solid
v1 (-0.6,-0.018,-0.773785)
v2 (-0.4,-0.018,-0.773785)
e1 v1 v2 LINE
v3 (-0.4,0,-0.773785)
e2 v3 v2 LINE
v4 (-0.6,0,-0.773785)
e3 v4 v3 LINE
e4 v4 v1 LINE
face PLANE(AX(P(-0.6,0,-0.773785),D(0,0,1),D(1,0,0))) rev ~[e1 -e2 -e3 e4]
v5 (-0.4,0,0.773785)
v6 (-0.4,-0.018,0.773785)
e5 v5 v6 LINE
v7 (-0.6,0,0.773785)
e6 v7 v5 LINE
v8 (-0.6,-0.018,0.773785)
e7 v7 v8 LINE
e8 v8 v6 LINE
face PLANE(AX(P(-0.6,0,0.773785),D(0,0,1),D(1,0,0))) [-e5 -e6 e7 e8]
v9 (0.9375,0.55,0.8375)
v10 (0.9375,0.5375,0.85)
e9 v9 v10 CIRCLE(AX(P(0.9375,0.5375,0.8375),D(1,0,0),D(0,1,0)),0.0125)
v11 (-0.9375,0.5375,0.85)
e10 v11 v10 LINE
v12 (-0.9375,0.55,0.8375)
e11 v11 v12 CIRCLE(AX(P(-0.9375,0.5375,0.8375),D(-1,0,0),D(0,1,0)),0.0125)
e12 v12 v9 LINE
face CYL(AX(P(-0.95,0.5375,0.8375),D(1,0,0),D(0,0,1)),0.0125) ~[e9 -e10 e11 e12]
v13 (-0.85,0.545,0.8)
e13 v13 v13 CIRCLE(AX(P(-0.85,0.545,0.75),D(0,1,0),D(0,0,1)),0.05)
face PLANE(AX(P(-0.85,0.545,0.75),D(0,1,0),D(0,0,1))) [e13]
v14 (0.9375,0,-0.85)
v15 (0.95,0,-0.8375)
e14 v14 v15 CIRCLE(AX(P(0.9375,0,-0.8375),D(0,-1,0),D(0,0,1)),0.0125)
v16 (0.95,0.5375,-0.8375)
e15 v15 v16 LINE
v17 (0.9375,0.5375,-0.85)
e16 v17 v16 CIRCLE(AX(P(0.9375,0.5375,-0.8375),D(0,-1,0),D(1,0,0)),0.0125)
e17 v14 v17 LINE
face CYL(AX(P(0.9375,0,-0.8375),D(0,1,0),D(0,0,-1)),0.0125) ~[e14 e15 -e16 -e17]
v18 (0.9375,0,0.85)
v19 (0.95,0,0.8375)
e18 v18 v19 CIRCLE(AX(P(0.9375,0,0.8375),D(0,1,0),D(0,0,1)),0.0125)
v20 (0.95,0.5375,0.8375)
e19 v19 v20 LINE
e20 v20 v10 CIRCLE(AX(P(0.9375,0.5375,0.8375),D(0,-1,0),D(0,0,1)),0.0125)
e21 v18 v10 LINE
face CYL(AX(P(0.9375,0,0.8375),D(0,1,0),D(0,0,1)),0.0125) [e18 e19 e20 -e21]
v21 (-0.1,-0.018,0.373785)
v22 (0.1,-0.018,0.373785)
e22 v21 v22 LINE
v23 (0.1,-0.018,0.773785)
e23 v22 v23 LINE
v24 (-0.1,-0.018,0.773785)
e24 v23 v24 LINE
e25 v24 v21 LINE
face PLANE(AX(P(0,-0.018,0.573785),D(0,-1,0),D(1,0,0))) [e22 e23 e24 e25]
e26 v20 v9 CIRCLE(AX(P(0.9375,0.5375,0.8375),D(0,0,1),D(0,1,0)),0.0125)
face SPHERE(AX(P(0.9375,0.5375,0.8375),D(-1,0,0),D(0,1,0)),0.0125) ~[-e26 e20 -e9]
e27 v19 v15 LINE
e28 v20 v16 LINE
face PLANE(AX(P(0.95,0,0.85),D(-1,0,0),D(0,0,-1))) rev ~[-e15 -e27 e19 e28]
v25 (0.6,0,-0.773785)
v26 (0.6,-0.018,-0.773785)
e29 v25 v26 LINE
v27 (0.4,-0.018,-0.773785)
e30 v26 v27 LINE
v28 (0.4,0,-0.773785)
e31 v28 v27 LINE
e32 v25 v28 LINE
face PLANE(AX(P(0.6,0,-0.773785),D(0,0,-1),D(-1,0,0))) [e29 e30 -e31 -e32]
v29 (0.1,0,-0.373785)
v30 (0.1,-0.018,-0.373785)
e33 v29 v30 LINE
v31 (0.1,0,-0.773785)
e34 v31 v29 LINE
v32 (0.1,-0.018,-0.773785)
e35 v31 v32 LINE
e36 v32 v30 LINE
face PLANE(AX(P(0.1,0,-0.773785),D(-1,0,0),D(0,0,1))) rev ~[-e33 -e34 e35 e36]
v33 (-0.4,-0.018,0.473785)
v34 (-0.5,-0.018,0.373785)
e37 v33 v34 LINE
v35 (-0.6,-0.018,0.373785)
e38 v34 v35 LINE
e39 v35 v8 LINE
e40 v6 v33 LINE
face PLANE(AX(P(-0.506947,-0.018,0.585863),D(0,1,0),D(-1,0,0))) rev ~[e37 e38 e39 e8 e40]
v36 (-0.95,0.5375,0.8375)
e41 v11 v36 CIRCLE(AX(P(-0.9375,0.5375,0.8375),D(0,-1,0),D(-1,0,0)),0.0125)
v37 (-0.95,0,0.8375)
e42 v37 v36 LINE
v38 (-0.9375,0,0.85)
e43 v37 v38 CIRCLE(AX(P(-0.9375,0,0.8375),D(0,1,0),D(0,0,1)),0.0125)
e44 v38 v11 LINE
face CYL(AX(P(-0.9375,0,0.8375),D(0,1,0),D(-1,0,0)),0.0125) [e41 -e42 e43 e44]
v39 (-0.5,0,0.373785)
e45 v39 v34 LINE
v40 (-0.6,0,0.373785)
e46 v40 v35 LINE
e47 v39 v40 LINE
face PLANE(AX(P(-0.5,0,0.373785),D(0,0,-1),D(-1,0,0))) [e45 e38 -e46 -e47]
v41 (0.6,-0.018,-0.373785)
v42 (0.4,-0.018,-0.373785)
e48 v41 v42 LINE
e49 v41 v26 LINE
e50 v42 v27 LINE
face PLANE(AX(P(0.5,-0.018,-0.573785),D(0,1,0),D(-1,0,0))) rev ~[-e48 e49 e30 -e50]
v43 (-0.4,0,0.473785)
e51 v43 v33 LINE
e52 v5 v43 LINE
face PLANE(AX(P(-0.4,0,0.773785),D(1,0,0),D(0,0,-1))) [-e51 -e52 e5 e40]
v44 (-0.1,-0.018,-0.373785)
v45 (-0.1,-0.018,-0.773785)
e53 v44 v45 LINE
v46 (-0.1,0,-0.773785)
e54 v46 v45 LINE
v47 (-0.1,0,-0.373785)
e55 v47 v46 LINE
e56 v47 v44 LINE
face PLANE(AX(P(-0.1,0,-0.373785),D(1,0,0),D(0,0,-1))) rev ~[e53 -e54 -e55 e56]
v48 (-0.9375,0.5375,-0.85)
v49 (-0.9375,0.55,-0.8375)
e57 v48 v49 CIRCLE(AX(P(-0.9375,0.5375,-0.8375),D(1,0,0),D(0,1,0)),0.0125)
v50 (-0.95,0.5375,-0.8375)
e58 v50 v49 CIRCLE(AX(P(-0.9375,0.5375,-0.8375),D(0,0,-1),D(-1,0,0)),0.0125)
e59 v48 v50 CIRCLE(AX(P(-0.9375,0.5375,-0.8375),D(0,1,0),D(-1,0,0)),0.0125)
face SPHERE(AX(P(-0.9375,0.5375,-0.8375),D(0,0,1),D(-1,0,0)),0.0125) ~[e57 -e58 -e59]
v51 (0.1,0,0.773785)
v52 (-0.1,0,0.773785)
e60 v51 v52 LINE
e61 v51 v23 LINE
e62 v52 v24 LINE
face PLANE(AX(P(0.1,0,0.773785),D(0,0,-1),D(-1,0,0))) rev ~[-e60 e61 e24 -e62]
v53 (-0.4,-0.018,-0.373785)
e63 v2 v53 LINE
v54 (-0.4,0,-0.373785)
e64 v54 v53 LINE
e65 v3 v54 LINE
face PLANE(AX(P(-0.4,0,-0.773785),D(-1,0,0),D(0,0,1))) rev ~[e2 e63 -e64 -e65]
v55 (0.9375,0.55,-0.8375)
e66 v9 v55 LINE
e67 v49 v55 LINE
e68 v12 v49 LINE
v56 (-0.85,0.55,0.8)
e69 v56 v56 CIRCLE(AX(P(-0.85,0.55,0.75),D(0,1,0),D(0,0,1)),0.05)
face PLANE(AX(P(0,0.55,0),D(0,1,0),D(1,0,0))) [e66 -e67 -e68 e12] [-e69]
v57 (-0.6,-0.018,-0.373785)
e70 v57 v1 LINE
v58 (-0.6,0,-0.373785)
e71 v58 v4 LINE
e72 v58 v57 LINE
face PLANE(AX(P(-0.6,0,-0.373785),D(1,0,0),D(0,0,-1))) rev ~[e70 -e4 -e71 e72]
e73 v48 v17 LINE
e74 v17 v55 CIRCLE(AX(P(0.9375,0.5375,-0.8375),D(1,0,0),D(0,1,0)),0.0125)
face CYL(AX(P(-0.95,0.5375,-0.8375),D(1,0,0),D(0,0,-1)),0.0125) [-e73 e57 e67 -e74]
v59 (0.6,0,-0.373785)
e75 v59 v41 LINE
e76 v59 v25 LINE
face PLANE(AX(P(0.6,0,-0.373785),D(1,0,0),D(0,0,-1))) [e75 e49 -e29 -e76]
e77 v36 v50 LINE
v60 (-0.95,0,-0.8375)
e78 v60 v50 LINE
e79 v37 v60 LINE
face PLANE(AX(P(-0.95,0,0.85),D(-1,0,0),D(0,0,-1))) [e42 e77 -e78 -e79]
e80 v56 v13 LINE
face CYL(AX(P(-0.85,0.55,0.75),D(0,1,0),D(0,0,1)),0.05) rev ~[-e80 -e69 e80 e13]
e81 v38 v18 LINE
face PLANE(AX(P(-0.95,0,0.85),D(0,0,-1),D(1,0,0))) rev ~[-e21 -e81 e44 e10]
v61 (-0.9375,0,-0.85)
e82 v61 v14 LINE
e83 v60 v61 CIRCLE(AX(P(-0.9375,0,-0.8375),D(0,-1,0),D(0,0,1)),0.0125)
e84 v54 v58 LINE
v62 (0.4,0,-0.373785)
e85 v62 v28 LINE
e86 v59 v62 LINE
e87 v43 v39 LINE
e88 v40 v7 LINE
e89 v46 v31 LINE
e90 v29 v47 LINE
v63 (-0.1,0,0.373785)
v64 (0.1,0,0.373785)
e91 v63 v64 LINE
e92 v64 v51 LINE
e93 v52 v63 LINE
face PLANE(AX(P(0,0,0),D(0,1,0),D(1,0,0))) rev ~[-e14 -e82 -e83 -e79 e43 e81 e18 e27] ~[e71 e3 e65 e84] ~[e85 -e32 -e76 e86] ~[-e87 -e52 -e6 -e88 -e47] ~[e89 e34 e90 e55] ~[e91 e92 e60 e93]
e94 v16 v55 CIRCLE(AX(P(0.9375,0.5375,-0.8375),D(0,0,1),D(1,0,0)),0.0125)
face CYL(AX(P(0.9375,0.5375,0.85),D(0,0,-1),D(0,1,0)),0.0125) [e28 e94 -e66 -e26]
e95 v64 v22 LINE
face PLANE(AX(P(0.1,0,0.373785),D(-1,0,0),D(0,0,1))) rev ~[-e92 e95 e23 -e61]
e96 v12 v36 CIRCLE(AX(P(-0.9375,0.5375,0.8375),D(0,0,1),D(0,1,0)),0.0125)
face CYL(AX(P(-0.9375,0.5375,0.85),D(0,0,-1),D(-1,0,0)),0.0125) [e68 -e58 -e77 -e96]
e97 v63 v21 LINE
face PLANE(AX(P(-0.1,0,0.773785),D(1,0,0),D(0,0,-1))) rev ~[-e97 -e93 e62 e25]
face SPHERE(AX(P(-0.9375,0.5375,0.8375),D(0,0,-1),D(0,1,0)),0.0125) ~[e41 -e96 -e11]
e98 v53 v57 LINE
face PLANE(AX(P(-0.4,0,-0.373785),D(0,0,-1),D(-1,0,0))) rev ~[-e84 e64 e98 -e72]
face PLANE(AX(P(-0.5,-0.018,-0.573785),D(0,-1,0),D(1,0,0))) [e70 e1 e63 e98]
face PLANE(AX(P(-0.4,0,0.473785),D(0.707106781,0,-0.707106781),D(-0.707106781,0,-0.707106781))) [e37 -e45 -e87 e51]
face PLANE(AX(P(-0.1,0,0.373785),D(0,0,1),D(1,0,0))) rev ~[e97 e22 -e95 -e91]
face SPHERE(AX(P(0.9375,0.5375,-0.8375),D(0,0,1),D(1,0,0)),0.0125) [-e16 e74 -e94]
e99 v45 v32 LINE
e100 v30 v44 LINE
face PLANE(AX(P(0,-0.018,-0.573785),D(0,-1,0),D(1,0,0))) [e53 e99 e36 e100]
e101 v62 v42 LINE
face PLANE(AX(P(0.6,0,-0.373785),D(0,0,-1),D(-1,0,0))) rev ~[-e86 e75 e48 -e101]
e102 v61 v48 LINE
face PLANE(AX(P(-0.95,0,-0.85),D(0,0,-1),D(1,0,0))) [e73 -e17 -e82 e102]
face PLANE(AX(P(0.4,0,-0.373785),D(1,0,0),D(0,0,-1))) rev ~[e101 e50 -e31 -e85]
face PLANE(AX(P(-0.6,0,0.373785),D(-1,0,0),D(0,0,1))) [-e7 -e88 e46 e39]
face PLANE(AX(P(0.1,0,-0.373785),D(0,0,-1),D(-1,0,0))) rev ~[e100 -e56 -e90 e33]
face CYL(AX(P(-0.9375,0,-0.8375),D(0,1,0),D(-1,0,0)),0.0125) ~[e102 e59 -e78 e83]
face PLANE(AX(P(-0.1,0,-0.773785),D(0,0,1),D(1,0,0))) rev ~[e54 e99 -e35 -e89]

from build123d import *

# Parameters (mm, degrees)
SKETCH1_W           = 1.9
SKETCH1_H           = 1.7
BOSS_EXTRUDE1_DEPTH = 0.55
SKETCH2_R           = 0.05
CUT_EXTRUDE1_DEPTH  = 0.005
BOSS_EXTRUDE2_DEPTH = 0.018
FILLET1_R           = 0.0125


with BuildPart() as part:
    # Sketch1 → Boss-Extrude1 (new body)
    with BuildSketch(Plane(origin=(0, 0, 0), x_dir=(1, 0, 0), z_dir=(0, 1, 0))):
        Rectangle(SKETCH1_W, SKETCH1_H)
    extrude(amount=BOSS_EXTRUDE1_DEPTH)

    # Sketch2 → Cut-Extrude1 (cut)
    with BuildSketch(Plane(origin=(0, 0.55, 0), x_dir=(1, 0, 0), z_dir=(0, 1, 0))):
        with Locations(Location((-0.85, -0.75, 0), (0, 0, 270))):
            Circle(SKETCH2_R)
    extrude(amount=-CUT_EXTRUDE1_DEPTH, mode=Mode.SUBTRACT)

    # Sketch3 → Boss-Extrude2 (add)
    with BuildSketch(Plane.XZ):
        Polygon((-0.4, 0.473784773), (-0.5, 0.373784773), (-0.6, 0.373784773), (-0.6, 0.773784773), (-0.4, 0.773784773), align=None)
        Polygon((0, 0.373784773), (0.1, 0.373784773), (0.1, 0.473784773), (0.1, 0.773784773), (-0.1, 0.773784773), (-0.1, 0.373784773), align=None)
        Polygon((-0.5, -0.373784773), (-0.6, -0.373784773), (-0.6, -0.773784773), (-0.4, -0.773784773), (-0.4, -0.473784773), (-0.4, -0.373784773), align=None)
        Polygon((-0.1, -0.373784773), (-0.1, -0.773784773), (0.1, -0.773784773), (0.1, -0.473784773), (0.1, -0.373784773), (0, -0.373784773), align=None)
        Polygon((0.6, -0.773784773), (0.4, -0.773784773), (0.4, -0.473784773), (0.4, -0.373784773), (0.5, -0.373784773), (0.6, -0.373784773), align=None)
    extrude(amount=BOSS_EXTRUDE2_DEPTH)

    # Fillet1
    fillet1_edges = [part.edges().sort_by_distance(p)[0] for p in [
        (-0.95, 0.55, 0),
        (0, 0.55, 0.85),
        (0.95, 0.55, 0),
        (0.95, 0.275, 0.85),
        (-0.95, 0.275, 0.85),
        (-0.95, 0.275, -0.85),
        (0.95, 0.275, -0.85),
        (0, 0.55, -0.85),
    ]]
    fillet(fillet1_edges, radius=FILLET1_R)


solid = part.part
